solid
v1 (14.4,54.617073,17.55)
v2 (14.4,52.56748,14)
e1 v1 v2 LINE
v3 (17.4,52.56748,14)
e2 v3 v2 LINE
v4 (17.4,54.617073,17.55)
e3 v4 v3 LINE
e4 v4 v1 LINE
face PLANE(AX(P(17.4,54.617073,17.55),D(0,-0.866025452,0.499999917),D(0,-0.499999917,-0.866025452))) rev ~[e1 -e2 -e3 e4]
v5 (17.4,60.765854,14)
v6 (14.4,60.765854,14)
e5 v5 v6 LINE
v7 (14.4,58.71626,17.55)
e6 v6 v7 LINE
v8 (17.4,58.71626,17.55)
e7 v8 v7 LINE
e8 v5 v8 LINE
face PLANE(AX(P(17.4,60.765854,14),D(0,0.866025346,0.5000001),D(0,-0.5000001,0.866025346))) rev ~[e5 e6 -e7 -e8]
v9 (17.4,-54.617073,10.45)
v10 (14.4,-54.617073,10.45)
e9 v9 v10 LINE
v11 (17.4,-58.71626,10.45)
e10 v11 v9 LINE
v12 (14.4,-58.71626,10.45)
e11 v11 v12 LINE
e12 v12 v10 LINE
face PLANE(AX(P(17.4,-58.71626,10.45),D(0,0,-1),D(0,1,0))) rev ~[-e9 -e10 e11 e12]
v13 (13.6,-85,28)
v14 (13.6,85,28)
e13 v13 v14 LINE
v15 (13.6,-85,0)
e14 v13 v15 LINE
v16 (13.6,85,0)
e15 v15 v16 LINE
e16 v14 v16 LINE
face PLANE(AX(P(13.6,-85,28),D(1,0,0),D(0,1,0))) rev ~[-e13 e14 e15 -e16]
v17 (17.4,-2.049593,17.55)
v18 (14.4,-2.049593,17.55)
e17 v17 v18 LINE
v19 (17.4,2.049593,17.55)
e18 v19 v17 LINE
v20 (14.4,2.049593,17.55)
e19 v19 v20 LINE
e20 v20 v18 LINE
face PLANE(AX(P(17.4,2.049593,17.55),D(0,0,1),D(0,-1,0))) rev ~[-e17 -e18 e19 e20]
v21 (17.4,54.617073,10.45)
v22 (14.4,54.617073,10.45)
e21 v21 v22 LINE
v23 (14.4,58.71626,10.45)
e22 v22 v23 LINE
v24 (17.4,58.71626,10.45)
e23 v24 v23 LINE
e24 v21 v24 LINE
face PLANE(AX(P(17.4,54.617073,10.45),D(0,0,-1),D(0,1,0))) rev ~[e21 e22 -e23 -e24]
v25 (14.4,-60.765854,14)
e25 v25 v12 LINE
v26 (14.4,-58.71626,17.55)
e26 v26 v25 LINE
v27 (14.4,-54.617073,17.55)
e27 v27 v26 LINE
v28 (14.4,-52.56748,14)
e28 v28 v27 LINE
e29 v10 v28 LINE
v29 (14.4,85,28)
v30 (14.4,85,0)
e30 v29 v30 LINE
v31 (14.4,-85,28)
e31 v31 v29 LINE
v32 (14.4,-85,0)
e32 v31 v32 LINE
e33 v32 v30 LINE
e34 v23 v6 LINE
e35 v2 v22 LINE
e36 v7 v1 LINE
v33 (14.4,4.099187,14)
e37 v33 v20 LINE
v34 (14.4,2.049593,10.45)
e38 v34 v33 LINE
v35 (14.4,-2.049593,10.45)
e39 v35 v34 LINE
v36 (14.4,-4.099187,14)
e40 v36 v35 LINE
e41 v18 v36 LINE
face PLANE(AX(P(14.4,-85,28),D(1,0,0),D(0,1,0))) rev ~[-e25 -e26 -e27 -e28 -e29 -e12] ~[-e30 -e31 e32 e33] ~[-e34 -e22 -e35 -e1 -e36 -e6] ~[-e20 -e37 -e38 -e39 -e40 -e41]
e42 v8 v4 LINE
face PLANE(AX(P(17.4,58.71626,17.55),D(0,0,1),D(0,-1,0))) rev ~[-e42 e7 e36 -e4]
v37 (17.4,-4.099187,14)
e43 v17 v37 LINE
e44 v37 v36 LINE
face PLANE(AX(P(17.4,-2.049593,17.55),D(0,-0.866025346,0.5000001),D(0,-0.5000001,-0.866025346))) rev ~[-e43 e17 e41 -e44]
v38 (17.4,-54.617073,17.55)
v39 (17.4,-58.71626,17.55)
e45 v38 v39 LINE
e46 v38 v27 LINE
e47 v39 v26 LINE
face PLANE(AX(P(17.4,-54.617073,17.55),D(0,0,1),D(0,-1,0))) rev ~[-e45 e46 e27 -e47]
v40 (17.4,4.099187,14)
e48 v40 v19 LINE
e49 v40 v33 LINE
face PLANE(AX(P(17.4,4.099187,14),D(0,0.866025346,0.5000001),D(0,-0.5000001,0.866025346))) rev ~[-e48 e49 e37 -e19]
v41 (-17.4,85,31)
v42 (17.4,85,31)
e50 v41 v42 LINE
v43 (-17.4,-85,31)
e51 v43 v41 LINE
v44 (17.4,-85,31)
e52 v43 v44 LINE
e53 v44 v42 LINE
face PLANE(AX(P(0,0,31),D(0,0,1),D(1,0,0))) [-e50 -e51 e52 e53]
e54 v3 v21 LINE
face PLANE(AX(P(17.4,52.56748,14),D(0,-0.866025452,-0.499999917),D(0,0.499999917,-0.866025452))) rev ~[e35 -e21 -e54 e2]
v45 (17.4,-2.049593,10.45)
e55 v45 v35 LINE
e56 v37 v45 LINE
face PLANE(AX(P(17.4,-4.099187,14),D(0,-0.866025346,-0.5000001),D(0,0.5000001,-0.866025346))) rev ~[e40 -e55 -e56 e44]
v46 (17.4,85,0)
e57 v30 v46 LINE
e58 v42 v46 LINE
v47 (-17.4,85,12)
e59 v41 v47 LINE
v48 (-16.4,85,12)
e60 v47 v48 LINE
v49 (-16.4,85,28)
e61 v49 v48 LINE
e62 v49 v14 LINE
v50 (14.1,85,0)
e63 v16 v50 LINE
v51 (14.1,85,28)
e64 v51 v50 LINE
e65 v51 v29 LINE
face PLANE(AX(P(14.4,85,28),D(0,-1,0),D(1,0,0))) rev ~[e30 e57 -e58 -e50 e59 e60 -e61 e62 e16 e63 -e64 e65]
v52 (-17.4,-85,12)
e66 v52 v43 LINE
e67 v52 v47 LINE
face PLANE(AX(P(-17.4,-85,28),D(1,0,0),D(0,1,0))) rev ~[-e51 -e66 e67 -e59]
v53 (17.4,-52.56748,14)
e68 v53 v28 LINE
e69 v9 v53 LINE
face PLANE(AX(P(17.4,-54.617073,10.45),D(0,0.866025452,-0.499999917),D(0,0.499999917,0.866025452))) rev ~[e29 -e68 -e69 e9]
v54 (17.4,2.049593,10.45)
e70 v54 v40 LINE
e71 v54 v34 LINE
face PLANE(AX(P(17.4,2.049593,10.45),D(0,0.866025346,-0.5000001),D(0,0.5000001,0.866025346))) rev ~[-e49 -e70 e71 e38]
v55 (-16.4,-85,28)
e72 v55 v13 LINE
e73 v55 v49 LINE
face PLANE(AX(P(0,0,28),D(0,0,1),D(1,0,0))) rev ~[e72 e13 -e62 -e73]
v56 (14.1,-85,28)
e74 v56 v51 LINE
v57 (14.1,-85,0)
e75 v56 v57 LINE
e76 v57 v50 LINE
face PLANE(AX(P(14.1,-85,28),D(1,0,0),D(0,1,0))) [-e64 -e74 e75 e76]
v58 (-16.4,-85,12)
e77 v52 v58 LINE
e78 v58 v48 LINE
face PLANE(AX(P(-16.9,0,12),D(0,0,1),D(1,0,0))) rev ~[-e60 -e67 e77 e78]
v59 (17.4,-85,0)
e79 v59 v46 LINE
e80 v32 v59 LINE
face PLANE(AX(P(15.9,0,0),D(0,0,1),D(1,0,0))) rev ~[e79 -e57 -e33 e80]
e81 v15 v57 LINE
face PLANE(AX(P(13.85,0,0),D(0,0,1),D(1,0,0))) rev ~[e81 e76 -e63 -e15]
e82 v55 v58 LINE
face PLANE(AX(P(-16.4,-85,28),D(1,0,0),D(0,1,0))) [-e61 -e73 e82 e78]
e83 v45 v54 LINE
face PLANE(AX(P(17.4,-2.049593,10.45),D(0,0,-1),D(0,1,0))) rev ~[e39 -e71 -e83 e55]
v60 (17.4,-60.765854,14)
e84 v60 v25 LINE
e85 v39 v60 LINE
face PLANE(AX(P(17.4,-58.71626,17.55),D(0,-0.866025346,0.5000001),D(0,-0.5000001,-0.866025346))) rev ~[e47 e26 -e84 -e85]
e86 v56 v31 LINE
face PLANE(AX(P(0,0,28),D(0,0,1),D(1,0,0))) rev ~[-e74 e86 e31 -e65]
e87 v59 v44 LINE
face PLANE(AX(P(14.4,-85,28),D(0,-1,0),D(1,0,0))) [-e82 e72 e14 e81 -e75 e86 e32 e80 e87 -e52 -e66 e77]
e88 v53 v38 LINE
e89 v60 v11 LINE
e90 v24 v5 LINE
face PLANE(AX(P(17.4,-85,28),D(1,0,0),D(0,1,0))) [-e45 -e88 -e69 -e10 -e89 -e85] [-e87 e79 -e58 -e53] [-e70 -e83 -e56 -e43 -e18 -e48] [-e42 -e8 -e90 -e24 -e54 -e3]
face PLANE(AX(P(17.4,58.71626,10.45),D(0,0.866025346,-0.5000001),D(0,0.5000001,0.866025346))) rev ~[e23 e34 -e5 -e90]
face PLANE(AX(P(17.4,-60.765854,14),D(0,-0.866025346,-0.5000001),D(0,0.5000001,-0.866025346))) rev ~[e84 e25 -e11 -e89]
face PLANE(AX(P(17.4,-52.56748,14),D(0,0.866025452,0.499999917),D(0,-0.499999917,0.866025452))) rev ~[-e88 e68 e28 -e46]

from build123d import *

# Parameters (mm, degrees)
SKETCH001_W  = 34.8
SKETCH001_H  = 170
PAD_DEPTH    = 3
SKETCH002_W  = 1
SKETCH002_H  = 170
PAD001_DEPTH = 16
SKETCH_W     = 3
SKETCH_H     = 170
SKETCH_W_2   = 0.5
PAD002_DEPTH = 28
POCKET_DEPTH = 3


with BuildPart() as part:
    # Sketch001 (on DatumPlane) → Pad (new body)
    with BuildSketch(Plane.XY.offset(28)):
        Rectangle(SKETCH001_W, SKETCH001_H)
    extrude(amount=PAD_DEPTH)

    # Sketch002 (on DatumPlane) → Pad001 (join)
    with BuildSketch(Plane.XY.offset(28)):
        with Locations((-16.9, 0)):
            Rectangle(SKETCH002_W, SKETCH002_H)
    extrude(amount=-PAD001_DEPTH)

    # Sketch (on DatumPlane) → Pad002 (join)
    with BuildSketch(Plane.XY.offset(28)):
        with Locations((15.9, 0)):
            Rectangle(SKETCH_W, SKETCH_H)
        with Locations((13.85, 0)):
            Rectangle(SKETCH_W_2, SKETCH_H)
    extrude(amount=-PAD002_DEPTH)

    # Sketch003 (on Face12 of Pad002) → Pocket (cut)
    with BuildSketch(Plane(origin=(17.4, 0, 28), x_dir=(0, 1, 0), z_dir=(1, 0, 0))):
        Polygon((-54.617073, -17.55), (-52.56748, -14), (-54.617073, -10.45), (-58.71626, -10.45), (-60.765854, -14), (-58.71626, -17.55), align=None)
        Polygon((2.049593, -17.55), (4.099187, -14), (2.049593, -10.45), (-2.049593, -10.45), (-4.099187, -14), (-2.049593, -17.55), align=None)
        Polygon((54.617073, -17.55), (58.71626, -17.55), (60.765854, -14), (58.71626, -10.45), (54.617073, -10.45), (52.56748, -14), align=None)
    extrude(amount=-POCKET_DEPTH, mode=Mode.SUBTRACT)


solid = part.part
